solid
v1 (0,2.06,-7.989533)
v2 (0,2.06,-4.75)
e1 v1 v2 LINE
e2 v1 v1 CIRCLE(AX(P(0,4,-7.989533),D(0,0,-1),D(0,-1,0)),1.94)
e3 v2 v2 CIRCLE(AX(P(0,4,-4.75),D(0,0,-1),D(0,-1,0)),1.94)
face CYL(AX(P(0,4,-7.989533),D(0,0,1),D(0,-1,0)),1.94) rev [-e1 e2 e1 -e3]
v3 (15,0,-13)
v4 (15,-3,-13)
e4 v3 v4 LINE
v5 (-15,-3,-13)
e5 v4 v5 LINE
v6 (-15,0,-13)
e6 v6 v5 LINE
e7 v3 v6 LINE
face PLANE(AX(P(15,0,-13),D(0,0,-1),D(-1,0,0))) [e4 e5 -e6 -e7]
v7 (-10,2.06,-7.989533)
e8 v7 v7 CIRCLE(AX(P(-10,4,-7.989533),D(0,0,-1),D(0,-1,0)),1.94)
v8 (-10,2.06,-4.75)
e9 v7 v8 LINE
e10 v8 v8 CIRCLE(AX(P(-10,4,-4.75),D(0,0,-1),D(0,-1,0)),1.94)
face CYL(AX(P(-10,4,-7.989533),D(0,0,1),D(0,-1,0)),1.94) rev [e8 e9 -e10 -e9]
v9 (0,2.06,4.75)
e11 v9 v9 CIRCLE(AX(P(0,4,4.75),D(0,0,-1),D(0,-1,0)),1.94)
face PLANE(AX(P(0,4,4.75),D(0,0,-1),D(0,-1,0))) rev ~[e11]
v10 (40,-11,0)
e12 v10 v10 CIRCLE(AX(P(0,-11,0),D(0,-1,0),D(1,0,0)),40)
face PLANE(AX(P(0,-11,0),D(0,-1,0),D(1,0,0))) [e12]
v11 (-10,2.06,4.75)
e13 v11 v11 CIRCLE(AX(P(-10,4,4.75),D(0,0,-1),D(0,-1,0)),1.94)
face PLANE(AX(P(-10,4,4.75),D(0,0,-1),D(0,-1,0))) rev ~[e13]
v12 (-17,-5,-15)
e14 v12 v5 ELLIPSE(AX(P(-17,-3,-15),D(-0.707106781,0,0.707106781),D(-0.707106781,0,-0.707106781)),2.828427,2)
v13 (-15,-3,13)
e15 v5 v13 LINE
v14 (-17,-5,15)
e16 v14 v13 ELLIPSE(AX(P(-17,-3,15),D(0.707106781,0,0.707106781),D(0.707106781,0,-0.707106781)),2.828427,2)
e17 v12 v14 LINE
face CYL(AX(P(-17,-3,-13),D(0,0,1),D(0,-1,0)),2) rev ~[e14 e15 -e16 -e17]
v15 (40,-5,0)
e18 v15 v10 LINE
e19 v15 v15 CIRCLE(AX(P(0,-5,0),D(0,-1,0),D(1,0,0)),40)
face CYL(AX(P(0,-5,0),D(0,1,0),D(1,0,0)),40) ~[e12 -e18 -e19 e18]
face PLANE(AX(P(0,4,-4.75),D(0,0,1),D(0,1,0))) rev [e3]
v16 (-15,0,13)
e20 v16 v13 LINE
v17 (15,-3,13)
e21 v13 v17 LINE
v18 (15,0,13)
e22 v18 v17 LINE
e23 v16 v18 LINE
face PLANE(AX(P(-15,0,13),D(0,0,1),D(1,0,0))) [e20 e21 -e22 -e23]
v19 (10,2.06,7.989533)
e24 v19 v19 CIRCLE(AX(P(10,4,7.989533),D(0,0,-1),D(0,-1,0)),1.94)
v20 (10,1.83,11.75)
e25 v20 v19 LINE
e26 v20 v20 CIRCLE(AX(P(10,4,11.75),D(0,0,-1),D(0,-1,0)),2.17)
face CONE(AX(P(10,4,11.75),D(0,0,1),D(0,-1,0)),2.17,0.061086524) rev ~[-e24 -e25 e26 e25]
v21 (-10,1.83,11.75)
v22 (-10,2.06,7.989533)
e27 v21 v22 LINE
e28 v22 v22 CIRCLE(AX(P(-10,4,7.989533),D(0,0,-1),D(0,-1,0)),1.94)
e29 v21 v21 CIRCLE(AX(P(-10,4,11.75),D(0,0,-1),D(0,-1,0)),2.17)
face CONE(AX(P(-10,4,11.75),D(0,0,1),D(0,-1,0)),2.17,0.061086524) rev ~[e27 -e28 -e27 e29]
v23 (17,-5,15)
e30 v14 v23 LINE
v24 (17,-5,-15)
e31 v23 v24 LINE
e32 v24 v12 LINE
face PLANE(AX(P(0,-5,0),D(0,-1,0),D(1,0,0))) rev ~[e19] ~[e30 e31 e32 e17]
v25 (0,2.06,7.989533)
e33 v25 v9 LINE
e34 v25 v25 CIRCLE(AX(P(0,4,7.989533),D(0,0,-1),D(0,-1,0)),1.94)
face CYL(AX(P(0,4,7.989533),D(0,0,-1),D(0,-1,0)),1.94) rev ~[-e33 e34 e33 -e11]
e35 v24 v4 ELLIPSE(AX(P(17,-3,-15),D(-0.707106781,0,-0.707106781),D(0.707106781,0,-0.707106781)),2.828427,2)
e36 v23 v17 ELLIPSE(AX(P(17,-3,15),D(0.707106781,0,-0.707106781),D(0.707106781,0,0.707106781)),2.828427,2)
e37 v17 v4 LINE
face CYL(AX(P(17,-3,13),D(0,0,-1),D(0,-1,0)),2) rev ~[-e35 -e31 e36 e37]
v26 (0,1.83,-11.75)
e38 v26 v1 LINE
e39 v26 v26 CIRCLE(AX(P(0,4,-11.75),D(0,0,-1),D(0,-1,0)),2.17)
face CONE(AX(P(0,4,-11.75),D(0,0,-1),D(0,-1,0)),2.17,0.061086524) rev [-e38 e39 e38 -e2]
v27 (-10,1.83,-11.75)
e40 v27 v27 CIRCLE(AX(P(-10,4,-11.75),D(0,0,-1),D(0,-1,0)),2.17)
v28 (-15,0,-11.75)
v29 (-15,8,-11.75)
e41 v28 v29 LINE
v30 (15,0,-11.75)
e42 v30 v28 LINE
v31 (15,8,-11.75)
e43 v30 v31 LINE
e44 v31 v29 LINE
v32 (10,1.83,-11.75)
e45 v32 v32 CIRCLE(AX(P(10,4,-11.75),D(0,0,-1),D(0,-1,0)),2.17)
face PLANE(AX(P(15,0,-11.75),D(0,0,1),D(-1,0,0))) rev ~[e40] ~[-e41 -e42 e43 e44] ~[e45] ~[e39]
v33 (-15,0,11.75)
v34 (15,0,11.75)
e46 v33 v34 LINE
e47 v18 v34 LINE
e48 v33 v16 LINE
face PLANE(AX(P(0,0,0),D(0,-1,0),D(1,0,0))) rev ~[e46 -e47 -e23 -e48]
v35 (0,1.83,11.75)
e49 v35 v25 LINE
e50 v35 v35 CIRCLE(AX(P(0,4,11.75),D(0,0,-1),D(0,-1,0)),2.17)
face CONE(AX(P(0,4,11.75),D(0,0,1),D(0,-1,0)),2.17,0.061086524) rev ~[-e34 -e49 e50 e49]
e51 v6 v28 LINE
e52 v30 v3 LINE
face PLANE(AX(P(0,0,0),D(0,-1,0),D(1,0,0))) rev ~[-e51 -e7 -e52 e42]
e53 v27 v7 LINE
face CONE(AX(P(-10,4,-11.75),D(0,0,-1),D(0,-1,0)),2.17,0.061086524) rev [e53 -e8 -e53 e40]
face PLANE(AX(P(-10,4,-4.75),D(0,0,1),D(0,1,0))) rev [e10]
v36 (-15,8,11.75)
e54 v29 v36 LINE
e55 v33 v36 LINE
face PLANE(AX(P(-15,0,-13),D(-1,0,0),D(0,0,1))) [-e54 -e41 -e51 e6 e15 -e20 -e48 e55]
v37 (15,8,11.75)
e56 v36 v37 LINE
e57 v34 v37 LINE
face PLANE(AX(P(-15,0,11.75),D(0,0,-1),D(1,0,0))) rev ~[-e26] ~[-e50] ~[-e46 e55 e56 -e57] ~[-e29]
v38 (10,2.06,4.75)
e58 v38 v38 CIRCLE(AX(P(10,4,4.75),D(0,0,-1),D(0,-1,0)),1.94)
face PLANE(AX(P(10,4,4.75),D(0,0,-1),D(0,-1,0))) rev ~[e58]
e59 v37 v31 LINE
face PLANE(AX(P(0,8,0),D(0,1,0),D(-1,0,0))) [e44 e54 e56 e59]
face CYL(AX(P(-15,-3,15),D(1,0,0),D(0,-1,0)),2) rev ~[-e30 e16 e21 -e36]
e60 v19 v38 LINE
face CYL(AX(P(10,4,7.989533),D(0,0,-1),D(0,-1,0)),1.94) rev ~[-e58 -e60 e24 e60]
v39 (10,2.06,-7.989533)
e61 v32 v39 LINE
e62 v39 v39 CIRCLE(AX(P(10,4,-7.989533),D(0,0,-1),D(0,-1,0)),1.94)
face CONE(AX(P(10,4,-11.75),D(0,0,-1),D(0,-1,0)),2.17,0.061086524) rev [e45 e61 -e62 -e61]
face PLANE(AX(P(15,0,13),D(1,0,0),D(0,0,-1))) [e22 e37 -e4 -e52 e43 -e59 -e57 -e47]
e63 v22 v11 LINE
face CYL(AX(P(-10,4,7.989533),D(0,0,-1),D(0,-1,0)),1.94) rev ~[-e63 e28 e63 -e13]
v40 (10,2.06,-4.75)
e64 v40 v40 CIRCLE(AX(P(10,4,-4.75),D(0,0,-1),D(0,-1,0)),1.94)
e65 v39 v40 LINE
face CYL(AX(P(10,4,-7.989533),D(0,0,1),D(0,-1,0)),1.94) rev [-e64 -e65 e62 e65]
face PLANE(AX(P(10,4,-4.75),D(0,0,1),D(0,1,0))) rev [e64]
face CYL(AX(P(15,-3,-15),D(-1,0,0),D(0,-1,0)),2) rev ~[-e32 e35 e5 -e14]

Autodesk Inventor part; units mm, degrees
ref_plane "YZ Plane" through (0, 0, 0) normal (1, 0, 0) x (0, 1, 0)
ref_plane "XZ Plane" through (0, 0, 0) normal (0, 1, 0) x (-1, 0, 0)
ref_plane "XY Plane" through (0, 0, 0) normal (0, 0, 1) x (1, 0, 0)
sketch "Sketch1" plane through (0, 0, 0) normal (0, 1, 0) x (-1, 0, 0)
  line L0 (-15, 11.75) -> (-15, -11.75)
  line L1 (-15, -11.75) -> (15, -11.75)
  line L2 (15, -11.75) -> (15, 11.75)
  line L3 (15, 11.75) -> (-15, 11.75)
  line L4 (-15, 11.75) -> (15, -11.75) construction
  line L5 (-15, -11.75) -> (15, 11.75) construction
  point P0 (0, 0)
  dimension "d0" = 23.5
  dimension "d1" = 30
extrude "Extrusion1" add sketch "Sketch1" along normal blind 8
sketch "Sketch2" plane through (-15, 0, 11.75) normal (0, 0, 1) x (1, 0, 0)
  circle A0 centre (15, 4) radius 1.5
  line L0 (0, 8) -> (30, 8) projected
  point P0 (15, 0)
  dimension "d4" = 3
  dimension "d5" = 8
  dimension "d6" = 4
hole "Hole1" at (0, 4, 11.75) direction (0, 0, -1) diameter 3.88 depth 7 countersink diameter 4.34 countersink angle 7
pattern_linear "Rectangular Pattern1" count 2 spacing 10 along (1, 0, 0) count 2 spacing 10 along (-1, 0, 0) of "Hole1"
mirror "Mirror1" about plane through (0, 0, 0) normal (0, 0, 1) of "Hole1", "Rectangular Pattern1"
sketch "Sketch3" plane through (0, 0, 0) normal (0, -1, 0) x (1, 0, 0)
  line L0 (-15, -13) -> (-15, 13)
  line L1 (-15, 13) -> (15, 13)
  line L2 (15, 13) -> (15, -13)
  line L3 (15, -13) -> (-15, -13)
  line L4 (-15, -13) -> (15, 13) construction
  line L5 (-15, 13) -> (15, -13) construction
  point P0 (0, 0)
  dimension "d20" = 26
  dimension "d21" = 30
extrude "Extrusion2" add sketch "Sketch3" along normal blind 5
sketch "Sketch4" plane through (0, -5, 0) normal (0, -1, 0) x (1, 0, 0)
  circle A0 centre (0, 0) radius 40
  dimension "d24" = 80
extrude "Extrusion3" add sketch "Sketch4" along normal blind 6
fillet "Fillet1" radius 2 4 edges at (0, -5, 13) (15, -5, 0) (0, -5, -13) (-15, -5, 0)
equation "\"d6\" = 0.5 * d5"
properties part number "cycloid_fixing_base"
